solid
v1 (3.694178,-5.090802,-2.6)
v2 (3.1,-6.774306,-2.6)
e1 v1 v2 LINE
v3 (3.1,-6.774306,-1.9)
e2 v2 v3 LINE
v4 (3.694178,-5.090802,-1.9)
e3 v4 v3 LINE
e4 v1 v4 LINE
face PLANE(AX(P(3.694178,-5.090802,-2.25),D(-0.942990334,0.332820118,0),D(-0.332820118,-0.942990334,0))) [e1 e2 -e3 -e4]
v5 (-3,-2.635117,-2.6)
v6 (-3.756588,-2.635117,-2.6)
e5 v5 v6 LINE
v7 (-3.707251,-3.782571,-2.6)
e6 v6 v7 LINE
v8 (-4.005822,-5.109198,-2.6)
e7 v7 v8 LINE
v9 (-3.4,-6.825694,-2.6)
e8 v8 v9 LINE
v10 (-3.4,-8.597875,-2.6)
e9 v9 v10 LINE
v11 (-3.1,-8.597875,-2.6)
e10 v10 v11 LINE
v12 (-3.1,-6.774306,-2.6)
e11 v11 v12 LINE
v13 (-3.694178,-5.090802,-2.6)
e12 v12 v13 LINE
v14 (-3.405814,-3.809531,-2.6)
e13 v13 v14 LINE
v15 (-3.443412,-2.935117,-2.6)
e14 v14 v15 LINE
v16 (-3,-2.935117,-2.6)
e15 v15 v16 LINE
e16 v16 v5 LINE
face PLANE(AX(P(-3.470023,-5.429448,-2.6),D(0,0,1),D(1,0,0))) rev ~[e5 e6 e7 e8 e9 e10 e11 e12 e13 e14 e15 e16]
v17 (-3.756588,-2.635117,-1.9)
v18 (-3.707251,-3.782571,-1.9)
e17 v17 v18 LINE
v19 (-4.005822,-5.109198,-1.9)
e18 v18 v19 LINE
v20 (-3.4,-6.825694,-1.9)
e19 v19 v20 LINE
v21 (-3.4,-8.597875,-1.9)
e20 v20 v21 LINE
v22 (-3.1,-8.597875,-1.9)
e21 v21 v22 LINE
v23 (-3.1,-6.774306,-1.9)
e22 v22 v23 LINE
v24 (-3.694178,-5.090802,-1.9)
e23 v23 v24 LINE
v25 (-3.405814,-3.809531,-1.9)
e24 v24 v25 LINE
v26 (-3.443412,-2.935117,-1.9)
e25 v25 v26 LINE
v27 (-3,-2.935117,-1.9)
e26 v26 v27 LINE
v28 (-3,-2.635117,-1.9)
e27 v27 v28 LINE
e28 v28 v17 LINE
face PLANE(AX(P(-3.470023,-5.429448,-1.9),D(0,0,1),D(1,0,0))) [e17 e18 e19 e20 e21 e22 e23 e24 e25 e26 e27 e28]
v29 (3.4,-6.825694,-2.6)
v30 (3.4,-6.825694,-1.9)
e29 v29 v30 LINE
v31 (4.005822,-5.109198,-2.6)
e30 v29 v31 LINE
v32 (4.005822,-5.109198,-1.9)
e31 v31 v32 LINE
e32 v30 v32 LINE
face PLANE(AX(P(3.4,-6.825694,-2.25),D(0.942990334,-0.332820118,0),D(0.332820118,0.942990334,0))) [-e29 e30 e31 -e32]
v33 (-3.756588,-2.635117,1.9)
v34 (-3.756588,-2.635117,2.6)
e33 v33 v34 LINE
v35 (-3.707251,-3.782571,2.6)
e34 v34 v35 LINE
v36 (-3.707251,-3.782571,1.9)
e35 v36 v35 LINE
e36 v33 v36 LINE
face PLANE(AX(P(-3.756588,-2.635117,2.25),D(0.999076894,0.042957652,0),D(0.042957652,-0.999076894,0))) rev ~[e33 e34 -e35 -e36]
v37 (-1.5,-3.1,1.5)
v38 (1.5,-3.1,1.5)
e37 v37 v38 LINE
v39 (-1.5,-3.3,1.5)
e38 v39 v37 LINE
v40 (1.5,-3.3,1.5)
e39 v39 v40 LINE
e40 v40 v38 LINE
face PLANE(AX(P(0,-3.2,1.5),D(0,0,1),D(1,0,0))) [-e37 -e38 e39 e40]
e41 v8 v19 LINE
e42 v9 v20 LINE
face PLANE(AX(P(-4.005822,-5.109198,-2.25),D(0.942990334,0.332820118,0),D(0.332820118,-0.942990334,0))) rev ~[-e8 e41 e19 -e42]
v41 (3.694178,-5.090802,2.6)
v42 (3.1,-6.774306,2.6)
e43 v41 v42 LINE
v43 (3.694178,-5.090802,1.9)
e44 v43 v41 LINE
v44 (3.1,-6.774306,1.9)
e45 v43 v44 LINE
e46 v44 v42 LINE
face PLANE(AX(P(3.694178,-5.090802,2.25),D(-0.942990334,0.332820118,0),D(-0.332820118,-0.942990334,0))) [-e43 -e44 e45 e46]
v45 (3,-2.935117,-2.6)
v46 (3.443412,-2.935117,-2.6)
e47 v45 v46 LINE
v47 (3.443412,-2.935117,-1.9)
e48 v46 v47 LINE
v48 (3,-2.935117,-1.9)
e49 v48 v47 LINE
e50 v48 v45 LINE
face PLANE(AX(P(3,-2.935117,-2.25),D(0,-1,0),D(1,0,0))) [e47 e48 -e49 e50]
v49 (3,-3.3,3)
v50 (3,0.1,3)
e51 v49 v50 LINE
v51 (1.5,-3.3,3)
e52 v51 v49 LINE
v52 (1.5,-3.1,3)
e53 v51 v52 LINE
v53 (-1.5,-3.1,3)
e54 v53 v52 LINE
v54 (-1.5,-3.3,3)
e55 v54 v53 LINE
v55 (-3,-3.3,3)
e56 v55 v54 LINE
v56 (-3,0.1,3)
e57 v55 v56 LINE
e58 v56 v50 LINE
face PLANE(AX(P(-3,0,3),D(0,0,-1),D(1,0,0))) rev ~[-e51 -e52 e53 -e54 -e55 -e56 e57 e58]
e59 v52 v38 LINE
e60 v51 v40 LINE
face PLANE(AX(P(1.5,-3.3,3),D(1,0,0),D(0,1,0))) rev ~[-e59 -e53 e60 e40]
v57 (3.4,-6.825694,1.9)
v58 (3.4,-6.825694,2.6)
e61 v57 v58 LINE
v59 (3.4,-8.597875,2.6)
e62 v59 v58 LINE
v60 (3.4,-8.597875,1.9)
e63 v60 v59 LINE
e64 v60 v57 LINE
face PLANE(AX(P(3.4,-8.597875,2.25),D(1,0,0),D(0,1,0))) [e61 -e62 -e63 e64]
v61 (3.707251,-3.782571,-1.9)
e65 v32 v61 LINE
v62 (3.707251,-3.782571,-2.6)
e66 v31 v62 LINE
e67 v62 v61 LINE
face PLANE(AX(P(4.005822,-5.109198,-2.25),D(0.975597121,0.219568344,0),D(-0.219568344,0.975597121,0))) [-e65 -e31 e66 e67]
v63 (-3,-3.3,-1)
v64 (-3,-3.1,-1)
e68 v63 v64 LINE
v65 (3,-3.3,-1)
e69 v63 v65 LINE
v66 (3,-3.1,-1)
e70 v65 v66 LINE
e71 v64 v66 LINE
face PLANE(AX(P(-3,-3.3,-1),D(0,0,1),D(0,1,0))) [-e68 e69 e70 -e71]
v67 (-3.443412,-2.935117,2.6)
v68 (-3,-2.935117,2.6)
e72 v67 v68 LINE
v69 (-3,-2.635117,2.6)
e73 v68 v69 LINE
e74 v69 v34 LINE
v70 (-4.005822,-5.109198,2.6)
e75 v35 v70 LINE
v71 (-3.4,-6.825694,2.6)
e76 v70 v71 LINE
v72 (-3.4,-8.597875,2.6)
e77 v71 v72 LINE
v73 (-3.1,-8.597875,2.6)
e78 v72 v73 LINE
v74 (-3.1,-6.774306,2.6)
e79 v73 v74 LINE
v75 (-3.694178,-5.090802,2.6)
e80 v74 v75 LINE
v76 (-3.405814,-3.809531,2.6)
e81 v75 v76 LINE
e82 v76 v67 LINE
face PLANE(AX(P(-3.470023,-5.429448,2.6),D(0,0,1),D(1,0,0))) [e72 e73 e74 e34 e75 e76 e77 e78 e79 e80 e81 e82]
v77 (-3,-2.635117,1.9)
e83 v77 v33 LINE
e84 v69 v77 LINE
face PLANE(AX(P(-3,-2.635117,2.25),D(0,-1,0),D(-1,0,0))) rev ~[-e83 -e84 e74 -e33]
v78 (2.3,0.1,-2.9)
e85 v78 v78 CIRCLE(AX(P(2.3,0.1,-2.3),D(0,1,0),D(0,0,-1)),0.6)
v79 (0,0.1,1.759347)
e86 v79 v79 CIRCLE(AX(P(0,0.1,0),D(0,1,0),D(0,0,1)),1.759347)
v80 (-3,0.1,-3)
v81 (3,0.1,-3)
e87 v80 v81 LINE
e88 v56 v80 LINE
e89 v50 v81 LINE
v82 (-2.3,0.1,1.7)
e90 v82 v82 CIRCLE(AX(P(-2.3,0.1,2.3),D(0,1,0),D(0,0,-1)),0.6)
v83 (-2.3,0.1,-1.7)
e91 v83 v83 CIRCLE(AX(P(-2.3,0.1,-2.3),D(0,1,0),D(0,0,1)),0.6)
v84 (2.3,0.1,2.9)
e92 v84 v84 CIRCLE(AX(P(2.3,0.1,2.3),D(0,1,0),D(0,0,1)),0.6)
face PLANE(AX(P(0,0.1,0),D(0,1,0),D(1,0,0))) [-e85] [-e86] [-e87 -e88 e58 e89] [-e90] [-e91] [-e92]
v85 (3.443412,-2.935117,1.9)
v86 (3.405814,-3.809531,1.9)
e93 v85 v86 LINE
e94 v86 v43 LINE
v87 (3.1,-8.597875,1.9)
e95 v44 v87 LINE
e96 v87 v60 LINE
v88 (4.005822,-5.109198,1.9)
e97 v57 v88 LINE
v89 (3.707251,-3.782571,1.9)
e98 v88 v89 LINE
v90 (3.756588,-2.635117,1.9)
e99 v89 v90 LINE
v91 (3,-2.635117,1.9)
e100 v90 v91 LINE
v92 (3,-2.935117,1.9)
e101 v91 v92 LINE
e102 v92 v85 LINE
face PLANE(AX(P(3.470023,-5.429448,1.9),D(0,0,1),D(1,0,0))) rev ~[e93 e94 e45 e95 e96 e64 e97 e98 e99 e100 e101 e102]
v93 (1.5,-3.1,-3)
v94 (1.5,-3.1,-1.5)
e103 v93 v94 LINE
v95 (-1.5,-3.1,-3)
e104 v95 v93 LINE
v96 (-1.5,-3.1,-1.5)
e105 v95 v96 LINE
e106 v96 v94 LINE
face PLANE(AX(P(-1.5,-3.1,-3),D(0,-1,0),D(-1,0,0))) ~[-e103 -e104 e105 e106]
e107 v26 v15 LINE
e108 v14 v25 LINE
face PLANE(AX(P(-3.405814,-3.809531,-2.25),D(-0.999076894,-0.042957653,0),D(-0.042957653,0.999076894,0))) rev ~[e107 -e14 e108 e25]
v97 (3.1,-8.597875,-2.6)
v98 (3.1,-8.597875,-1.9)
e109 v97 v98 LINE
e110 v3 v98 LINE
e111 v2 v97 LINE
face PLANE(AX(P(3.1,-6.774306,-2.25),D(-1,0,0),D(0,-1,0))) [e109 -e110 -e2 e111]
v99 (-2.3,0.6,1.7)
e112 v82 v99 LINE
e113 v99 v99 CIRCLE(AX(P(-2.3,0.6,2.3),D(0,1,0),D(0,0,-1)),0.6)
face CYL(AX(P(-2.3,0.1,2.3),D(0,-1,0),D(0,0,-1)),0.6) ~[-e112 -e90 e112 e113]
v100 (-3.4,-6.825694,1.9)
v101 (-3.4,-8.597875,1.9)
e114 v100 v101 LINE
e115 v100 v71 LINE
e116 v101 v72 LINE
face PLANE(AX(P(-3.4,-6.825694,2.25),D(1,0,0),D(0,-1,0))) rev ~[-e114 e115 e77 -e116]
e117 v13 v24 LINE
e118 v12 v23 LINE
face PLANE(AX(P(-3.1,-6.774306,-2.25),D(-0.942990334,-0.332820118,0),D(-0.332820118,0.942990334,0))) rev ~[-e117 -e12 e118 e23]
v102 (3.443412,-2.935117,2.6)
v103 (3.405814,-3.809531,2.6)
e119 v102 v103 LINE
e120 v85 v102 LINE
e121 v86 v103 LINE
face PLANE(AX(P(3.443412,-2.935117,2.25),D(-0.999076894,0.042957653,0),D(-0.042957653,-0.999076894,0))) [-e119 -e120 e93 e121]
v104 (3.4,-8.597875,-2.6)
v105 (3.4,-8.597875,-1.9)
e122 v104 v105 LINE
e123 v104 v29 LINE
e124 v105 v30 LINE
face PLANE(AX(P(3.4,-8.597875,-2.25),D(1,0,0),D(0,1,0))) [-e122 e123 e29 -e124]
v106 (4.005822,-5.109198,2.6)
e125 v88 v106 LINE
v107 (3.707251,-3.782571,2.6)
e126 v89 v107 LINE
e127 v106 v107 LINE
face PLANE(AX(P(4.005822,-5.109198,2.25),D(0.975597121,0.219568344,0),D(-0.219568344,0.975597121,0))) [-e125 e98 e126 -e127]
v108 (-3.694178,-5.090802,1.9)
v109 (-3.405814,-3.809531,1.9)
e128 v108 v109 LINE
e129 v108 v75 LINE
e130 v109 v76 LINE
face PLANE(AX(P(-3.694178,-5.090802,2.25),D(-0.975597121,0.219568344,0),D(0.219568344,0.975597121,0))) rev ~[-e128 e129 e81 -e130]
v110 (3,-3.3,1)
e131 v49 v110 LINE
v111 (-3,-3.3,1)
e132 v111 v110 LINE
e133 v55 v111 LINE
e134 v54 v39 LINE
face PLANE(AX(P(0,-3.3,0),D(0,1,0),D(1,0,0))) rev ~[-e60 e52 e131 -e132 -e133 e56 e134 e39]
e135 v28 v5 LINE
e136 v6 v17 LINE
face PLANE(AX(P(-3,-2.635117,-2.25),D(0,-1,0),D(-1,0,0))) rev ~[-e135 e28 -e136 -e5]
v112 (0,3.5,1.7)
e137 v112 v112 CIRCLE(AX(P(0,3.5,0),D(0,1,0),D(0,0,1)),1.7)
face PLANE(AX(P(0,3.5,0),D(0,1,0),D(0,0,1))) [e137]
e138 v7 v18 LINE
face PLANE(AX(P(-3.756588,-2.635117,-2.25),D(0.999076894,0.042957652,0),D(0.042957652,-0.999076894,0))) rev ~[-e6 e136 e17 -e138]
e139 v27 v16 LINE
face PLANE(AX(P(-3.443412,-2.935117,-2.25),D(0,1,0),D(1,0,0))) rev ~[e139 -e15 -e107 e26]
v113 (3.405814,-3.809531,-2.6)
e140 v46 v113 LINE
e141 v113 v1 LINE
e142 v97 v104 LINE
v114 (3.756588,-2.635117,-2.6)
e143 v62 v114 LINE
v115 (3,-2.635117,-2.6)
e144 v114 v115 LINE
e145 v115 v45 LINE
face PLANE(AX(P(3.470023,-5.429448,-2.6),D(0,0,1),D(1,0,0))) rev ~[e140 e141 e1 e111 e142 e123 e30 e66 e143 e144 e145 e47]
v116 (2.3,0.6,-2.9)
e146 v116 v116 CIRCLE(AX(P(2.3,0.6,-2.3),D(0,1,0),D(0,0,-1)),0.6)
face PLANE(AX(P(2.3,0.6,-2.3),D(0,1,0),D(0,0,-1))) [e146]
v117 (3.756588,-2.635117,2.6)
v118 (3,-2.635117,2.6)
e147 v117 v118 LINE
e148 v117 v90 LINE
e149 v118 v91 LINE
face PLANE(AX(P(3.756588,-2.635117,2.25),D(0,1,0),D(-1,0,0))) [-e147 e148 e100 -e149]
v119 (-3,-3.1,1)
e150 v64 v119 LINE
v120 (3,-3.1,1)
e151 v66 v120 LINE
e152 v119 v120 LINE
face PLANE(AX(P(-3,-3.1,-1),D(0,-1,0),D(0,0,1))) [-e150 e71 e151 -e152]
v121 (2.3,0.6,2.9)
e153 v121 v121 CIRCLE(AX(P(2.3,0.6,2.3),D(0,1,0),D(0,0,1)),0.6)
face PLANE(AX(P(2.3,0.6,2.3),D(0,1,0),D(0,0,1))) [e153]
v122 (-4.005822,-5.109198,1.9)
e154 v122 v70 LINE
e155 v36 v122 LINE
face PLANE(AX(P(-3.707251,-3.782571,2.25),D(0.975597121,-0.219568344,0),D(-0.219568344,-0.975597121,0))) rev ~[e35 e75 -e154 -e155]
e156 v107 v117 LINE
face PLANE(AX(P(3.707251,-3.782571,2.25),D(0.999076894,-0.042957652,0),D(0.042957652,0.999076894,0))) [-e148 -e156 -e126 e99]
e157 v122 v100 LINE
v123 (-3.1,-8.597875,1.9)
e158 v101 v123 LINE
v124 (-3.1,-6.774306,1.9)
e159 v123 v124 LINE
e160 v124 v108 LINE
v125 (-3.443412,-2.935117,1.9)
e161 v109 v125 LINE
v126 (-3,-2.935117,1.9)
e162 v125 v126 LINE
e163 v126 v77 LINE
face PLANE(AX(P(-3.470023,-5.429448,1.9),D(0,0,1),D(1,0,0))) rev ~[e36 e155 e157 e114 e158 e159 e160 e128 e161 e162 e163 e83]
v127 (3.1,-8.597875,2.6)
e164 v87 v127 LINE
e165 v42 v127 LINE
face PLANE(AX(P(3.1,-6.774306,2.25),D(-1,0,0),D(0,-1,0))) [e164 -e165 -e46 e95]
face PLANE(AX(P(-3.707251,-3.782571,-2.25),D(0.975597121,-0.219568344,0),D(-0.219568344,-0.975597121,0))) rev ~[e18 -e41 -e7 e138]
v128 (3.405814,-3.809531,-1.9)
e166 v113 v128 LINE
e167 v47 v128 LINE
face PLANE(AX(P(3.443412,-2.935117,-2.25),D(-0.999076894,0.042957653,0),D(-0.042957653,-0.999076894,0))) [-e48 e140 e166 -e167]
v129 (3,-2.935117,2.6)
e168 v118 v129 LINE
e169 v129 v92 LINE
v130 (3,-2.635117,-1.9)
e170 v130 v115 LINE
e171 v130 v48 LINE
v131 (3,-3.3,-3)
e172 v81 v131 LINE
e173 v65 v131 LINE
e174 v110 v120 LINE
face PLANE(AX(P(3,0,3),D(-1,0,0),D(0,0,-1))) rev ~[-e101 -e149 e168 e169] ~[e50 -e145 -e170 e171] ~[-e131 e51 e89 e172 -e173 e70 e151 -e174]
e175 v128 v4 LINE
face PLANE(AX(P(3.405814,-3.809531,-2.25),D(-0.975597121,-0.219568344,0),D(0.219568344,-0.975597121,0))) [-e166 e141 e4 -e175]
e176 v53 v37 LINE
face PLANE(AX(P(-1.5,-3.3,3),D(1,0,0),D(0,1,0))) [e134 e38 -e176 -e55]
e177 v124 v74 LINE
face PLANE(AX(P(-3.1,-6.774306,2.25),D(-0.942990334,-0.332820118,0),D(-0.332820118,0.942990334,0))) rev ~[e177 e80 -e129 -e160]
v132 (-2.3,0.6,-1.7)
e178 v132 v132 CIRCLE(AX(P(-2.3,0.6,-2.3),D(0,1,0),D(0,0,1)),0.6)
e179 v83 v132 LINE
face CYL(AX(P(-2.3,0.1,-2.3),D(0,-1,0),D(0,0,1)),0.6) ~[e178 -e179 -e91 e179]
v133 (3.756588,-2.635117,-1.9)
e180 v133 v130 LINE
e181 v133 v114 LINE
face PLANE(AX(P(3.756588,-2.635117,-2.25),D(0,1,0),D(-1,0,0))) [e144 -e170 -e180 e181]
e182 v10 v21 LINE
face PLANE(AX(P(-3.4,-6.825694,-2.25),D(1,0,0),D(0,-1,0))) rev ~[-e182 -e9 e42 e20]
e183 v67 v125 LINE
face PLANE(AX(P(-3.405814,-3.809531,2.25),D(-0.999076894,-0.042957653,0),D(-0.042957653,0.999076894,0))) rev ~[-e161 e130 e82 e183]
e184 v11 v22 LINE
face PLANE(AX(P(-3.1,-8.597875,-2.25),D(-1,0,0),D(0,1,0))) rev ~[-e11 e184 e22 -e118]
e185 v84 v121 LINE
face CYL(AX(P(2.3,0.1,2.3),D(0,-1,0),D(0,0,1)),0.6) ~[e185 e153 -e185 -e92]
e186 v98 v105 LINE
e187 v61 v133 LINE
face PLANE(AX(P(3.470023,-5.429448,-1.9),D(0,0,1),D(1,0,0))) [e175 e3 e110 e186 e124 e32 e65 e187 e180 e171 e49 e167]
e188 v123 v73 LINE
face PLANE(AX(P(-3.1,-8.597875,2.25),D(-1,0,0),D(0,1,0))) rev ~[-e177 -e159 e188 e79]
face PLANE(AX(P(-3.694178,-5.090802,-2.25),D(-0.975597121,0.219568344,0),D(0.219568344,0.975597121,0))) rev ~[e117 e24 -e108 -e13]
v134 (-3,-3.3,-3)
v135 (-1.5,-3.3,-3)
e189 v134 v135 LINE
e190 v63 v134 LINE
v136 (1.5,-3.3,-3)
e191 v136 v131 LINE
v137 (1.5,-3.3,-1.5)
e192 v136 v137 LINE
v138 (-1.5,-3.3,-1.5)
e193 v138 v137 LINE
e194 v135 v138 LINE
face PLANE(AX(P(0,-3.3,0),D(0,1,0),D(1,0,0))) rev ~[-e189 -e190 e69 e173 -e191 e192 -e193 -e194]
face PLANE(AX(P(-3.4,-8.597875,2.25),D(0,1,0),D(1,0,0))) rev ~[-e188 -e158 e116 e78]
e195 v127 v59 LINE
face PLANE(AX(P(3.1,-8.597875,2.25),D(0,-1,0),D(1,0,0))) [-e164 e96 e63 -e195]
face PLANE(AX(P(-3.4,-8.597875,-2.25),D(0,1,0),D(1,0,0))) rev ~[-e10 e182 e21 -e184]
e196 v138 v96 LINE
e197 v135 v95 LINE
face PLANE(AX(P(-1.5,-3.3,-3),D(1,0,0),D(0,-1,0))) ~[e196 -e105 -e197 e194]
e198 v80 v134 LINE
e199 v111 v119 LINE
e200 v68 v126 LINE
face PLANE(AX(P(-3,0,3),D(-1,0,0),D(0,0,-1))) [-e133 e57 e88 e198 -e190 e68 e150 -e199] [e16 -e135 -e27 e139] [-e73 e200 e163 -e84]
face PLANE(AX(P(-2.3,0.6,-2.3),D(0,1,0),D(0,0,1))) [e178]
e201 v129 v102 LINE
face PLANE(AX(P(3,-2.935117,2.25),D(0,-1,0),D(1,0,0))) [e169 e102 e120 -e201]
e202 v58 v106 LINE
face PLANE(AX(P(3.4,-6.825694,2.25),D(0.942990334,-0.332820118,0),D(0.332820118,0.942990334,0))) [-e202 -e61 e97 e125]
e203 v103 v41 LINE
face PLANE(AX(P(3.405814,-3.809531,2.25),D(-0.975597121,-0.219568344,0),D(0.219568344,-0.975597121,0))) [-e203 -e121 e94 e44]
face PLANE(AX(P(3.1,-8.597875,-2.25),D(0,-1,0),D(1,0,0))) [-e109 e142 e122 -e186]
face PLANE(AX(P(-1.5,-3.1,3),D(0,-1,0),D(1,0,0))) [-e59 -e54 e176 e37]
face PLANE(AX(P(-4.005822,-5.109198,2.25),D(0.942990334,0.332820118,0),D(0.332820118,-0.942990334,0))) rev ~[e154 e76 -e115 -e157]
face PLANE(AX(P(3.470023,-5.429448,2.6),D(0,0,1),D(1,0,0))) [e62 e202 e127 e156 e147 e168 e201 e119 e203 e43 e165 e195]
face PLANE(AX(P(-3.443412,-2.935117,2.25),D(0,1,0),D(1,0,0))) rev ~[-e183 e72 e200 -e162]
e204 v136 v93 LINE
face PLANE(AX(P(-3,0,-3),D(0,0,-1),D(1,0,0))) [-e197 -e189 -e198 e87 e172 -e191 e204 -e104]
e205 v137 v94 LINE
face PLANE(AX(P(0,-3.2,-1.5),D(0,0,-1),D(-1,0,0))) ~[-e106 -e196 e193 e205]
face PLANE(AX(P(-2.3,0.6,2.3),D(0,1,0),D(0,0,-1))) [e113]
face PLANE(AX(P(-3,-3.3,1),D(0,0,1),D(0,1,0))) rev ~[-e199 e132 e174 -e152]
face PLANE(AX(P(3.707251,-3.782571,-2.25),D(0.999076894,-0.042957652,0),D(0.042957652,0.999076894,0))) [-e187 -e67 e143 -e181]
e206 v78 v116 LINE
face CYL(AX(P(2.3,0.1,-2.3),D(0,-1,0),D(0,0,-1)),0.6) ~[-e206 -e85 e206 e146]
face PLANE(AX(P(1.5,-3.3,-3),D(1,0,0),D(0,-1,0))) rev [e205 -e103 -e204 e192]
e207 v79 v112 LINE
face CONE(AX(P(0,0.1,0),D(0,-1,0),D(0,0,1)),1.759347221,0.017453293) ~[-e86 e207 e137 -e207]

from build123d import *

# Parameters (mm, degrees)
IZIM1_W                     = 6
IZIM1_H                     = 6
Y_KSEKLIK_EKSTR_ZYON1_DEPTH = 3.3
IZIM2_W                     = 6
IZIM2_H                     = 6
Y_KSEKLIK_EKSTR_ZYON2_DEPTH = 0.1
IZIM3_W                     = 3
IZIM3_H                     = 0.2
KES_EKSTR_ZYON1_DEPTH       = 1.5
IZIM4_W                     = 2
IZIM4_H                     = 0.2
KES_EKSTR_ZYON2_DEPTH       = 8.475961477
IZIM5_R                     = 1.7
Y_KSEKLIK_EKSTR_ZYON3_DEPTH = 3.4
DRAFT4_ANGLE                = 1
IZIM6_R                     = 0.6
Y_KSEKLIK_EKSTR_ZYON4_DEPTH = 0.5
Y_KSEKLIK_EKSTR_ZYON5_DEPTH = 0.35
L_O_ALTMA1_COUNT            = 2
L_O_ALTMA1_PITCH            = 4.5


with BuildPart() as part:
    # Çizim1 → Yükseklik-Ekstrüzyon1 (new body)
    with BuildSketch(Plane(origin=(0, 0, 0), x_dir=(1, 0, 0), z_dir=(0, 1, 0))):
        Rectangle(IZIM1_W, IZIM1_H)
    extrude(amount=-Y_KSEKLIK_EKSTR_ZYON1_DEPTH)

    # Çizim2 → Yükseklik-Ekstrüzyon2 (add)
    with BuildSketch(Plane(origin=(0, 0, 0), x_dir=(1, 0, 0), z_dir=(0, 1, 0))):
        Rectangle(IZIM2_W, IZIM2_H)
    extrude(amount=Y_KSEKLIK_EKSTR_ZYON2_DEPTH)

    # Çizim3 → Kes-Ekstrüzyon1 (cut)
    with BuildSketch(Plane.XY.offset(3)):
        with Locations((0, -3.2)):
            Rectangle(IZIM3_W, IZIM3_H)
    kes_ekstr_zyon1 = extrude(amount=-KES_EKSTR_ZYON1_DEPTH, mode=Mode.SUBTRACT)

    # Aynalama1: Kes-Ekstrüzyon1 across plane
    add(kes_ekstr_zyon1.mirror(Plane.XY), mode=Mode.SUBTRACT)

    # Çizim4 → Kes-Ekstrüzyon2 (cut, through all)
    with BuildSketch(Plane.ZY.offset(3)):
        with Locations((0, -3.2)):
            Rectangle(IZIM4_W, IZIM4_H)
    extrude(amount=-KES_EKSTR_ZYON2_DEPTH, mode=Mode.SUBTRACT)

    # Çizim5 → Yükseklik-Ekstrüzyon3 (add)
    with BuildSketch(Plane(origin=(0, 0.1, 0), x_dir=(1, 0, 0), z_dir=(0, 1, 0))):
        with Locations(Location((0, 0, 0), (0, 0, 270))):
            Circle(IZIM5_R)
    extrude(amount=Y_KSEKLIK_EKSTR_ZYON3_DEPTH)

    # Draft4
    draft4_faces = [part.faces().sort_by_distance(p)[0] for p in [
        (0, 1.8, -1.7),
    ]]
    draft(draft4_faces, Plane.ZX.offset(3.5), DRAFT4_ANGLE)

    # Çizim6 → Yükseklik-Ekstrüzyon4 (add)
    with BuildSketch(Plane(origin=(0, 0.1, 0), x_dir=(1, 0, 0), z_dir=(0, 1, 0))):
        with Locations(Location((-2.3, 2.3, 0), (0, 0, 270))):
            Circle(IZIM6_R)
        with Locations(Location((2.3, 2.3, 0), (0, 0, 90))):
            Circle(IZIM6_R)
        with Locations(Location((2.3, -2.3, 0), (0, 0, 270))):
            Circle(IZIM6_R)
        with Locations(Location((-2.3, -2.3, 0), (0, 0, 90))):
            Circle(IZIM6_R)
    extrude(amount=Y_KSEKLIK_EKSTR_ZYON4_DEPTH)

    # Çizim8 → Yükseklik-Ekstrüzyon5 (add, symmetric)
    with BuildSketch(Plane.XY.offset(2.25)):
        Polygon((-3, -2.63511714), (-3.756588195, -2.63511714), (-3.70725074, -3.782570711), (-4.005822093, -5.10919798), (-3.4, -6.825693909), (-3.4, -8.597874756), (-3.1, -8.597874756), (-3.1, -6.774306091), (-3.694177907, -5.09080202), (-3.405814351, -3.809530548), (-3.443411805, -2.93511714), (-3, -2.93511714), align=None)
        Polygon((3, -2.93511714), (3.443411805, -2.93511714), (3.405814351, -3.809530548), (3.694177907, -5.09080202), (3.1, -6.774306091), (3.1, -8.597874756), (3.4, -8.597874756), (3.4, -6.825693909), (4.005822093, -5.10919798), (3.70725074, -3.782570711), (3.756588195, -2.63511714), (3, -2.63511714), align=None)
    y_kseklik_ekstr_zyon5 = extrude(amount=Y_KSEKLIK_EKSTR_ZYON5_DEPTH, both=True)

    # LÇoğaltma1: Yükseklik-Ekstrüzyon5 ×2
    with Locations(*[(0, 0, -i * L_O_ALTMA1_PITCH) for i in range(1, L_O_ALTMA1_COUNT)]):
        add(y_kseklik_ekstr_zyon5)


solid = part.part
